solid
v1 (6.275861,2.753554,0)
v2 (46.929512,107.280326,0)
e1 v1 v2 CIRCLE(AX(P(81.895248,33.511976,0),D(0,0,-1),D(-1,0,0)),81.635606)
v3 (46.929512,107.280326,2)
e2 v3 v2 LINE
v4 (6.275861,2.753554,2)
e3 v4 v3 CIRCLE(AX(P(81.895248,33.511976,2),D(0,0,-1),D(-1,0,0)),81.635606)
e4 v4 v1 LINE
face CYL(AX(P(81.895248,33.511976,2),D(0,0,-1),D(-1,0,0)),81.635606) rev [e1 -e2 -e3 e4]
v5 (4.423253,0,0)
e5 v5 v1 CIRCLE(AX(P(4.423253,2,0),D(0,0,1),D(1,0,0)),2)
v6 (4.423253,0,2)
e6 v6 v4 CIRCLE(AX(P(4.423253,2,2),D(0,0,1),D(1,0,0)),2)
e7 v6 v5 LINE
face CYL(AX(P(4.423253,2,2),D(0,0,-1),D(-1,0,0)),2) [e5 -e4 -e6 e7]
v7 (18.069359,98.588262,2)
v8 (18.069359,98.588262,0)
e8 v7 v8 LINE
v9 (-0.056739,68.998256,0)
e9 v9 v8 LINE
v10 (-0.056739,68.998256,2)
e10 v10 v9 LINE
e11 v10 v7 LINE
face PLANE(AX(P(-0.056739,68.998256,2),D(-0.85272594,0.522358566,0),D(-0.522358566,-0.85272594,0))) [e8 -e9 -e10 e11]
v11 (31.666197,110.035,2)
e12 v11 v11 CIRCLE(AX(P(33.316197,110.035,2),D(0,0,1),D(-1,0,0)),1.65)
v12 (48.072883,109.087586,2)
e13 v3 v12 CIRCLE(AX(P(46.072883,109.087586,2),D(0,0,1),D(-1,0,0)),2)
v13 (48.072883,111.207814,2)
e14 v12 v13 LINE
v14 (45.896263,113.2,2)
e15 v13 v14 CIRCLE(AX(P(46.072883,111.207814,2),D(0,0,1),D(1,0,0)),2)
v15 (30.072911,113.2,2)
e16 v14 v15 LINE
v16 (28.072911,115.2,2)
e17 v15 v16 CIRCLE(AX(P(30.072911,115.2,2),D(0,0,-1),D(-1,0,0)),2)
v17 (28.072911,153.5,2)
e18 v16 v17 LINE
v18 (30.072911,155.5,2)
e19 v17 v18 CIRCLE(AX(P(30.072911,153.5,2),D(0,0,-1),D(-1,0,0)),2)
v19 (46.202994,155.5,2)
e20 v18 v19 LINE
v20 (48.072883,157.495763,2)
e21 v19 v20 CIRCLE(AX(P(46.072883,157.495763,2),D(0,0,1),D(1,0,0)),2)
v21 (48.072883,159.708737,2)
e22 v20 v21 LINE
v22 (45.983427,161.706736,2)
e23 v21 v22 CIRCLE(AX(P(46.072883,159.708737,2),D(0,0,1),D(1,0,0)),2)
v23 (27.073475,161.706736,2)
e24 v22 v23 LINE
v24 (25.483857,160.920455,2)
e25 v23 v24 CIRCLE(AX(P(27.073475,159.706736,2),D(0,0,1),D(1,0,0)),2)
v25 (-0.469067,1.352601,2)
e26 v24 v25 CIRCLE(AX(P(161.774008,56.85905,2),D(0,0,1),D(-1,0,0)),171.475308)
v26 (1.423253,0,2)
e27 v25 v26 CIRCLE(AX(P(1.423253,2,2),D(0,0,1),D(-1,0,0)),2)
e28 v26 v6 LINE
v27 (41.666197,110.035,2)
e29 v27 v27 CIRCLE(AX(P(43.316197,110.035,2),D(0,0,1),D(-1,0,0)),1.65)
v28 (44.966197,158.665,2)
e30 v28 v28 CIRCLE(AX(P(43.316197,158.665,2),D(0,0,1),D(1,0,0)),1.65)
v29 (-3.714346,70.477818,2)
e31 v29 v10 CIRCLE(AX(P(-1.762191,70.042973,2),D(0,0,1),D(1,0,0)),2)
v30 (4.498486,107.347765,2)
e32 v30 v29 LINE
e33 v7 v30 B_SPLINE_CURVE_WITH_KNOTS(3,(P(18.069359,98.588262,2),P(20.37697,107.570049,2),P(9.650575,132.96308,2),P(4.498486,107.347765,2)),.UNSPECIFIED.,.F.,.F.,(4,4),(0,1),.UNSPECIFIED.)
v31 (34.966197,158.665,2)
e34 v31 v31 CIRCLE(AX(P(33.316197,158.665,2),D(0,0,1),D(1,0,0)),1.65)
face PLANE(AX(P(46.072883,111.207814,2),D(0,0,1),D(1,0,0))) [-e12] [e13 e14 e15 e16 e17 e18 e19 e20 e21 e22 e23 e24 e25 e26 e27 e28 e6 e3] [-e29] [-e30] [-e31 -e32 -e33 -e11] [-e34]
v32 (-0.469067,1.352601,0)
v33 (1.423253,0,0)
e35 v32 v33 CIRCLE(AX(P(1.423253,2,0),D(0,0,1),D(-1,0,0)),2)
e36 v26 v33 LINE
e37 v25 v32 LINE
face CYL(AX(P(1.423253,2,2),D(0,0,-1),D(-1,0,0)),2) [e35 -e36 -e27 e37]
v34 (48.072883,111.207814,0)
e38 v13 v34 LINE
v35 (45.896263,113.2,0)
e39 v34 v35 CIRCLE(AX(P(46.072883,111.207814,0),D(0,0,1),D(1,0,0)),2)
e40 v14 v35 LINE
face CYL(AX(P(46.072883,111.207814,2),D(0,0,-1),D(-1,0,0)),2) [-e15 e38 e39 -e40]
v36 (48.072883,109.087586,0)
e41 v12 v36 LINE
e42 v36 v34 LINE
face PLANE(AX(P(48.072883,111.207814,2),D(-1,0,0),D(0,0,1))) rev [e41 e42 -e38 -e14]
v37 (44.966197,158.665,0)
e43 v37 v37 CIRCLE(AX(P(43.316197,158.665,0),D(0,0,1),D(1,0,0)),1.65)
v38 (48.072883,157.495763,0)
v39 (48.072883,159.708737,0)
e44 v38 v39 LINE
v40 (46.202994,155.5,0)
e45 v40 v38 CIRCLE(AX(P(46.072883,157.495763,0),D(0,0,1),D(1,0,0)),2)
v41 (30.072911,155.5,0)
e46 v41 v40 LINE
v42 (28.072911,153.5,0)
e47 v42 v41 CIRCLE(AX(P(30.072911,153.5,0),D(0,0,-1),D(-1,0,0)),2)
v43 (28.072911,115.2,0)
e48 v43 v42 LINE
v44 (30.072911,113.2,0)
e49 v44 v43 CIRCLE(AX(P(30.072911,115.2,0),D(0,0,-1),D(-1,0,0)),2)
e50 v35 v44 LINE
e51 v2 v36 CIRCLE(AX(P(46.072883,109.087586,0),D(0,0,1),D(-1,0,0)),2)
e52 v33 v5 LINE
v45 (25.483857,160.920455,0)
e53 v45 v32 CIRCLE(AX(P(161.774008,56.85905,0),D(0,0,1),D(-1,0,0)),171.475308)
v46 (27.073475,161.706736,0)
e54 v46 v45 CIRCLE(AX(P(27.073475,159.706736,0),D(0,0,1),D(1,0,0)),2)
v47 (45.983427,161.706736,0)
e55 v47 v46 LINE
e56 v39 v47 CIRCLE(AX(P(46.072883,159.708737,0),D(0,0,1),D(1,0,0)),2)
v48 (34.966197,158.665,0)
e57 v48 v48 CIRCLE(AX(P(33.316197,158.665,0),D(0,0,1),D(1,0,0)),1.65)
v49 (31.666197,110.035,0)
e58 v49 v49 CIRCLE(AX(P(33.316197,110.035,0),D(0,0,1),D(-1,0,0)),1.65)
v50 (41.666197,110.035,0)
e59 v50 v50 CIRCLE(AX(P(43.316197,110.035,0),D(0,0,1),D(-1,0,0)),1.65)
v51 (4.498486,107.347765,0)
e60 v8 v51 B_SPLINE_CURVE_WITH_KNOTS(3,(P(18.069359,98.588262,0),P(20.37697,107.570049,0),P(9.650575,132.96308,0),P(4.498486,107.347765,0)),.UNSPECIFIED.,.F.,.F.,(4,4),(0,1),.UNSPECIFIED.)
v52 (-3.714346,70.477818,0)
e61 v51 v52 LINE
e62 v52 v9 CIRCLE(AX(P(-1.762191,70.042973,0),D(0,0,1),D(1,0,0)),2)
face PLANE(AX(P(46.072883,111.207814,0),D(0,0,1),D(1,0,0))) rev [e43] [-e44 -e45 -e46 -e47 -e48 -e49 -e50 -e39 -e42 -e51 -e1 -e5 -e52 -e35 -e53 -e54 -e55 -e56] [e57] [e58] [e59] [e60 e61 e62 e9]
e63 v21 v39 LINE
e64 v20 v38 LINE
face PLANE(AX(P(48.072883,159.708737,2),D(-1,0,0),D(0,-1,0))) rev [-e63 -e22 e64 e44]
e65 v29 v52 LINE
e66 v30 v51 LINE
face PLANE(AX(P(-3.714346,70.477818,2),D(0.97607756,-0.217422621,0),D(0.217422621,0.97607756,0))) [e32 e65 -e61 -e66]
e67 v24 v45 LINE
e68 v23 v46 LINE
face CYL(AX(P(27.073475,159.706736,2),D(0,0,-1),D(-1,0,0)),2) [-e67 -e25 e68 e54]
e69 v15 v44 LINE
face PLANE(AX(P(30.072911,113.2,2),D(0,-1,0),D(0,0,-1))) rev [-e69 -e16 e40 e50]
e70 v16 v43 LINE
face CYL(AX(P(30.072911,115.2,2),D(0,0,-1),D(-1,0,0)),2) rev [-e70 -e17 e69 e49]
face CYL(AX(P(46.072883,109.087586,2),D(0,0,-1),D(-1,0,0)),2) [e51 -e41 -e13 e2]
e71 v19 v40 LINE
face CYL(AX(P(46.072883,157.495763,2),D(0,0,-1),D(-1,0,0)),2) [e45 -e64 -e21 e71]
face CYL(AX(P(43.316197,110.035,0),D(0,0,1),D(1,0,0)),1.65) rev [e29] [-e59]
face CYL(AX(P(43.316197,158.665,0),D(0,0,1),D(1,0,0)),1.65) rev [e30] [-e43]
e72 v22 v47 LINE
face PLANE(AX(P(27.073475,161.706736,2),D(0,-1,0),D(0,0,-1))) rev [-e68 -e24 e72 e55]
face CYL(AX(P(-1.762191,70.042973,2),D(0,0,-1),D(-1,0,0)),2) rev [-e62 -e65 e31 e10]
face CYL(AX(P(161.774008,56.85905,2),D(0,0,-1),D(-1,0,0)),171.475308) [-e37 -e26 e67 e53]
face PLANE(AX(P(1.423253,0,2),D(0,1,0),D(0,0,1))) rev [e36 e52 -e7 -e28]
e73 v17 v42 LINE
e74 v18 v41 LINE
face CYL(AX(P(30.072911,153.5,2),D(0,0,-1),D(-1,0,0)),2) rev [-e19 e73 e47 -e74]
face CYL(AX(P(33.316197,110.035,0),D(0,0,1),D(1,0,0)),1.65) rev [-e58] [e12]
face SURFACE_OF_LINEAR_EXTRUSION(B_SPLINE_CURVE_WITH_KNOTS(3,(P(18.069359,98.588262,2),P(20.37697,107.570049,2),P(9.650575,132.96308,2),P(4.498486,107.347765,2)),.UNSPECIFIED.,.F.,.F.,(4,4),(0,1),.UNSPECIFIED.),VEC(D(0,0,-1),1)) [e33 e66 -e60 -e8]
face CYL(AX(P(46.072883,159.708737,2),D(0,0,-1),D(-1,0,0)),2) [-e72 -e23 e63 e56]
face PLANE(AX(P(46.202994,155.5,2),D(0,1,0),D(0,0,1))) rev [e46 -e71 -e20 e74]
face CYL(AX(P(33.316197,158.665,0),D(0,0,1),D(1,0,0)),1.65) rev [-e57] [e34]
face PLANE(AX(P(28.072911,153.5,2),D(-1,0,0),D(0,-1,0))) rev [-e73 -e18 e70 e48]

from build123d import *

# Parameters (mm, degrees)
EXTRUDE_1_DEPTH     = 2
SKETCH_2_R          = 1.65
CUT_EXTRUDE_1_DEPTH = 3.0000001


with BuildPart() as part:
    # 草图1 → 凸台-拉伸1 (new body)
    with BuildSketch(Plane.XY):
        with BuildLine():
            Line((1.423252987, 0), (4.423252987, 0))
            ThreePointArc((4.423252987, 0), (6.082636631, 0.883556575), (6.275860947, 2.753554078))
            ThreePointArc((6.275860947, 2.753554078), (5.811551363, 63.103247136), (46.929512186, 107.280326411))
            ThreePointArc((46.929512186, 107.280326411), (47.763039313, 108.018300592), (48.072882653, 109.087585618))
            Line((48.072882653, 109.087585618), (48.072882653, 111.207813928))
            ThreePointArc((48.072882653, 111.207813928), (47.423208509, 112.683151206), (45.89626257, 113.2))
            Line((45.89626257, 113.2), (30.072910523, 113.2))
            ThreePointArc((30.072910523, 113.2), (28.658696961, 113.785786438), (28.072910523, 115.2))
            Line((28.072910523, 115.2), (28.072910523, 153.5))
            ThreePointArc((28.072910523, 153.5), (28.658696961, 154.914213563), (30.072910523, 155.5))
            Line((30.072910523, 155.5), (46.202994429, 155.5))
            ThreePointArc((46.202994429, 155.5), (47.532372899, 156.128324681), (48.072882653, 157.495763244))
            Line((48.072882653, 157.495763244), (48.072882653, 159.708737404))
            ThreePointArc((48.072882653, 159.708737404), (47.455107078, 161.15423235), (45.983427014, 161.706735824))
            Line((45.983427014, 161.706735824), (27.073474975, 161.706735824))
            ThreePointArc((27.073474975, 161.706735824), (26.186750001, 161.499420632), (25.483856586, 160.920454645))
            ThreePointArc((25.483856586, 160.920454645), (-7.477274918, 84.38693582), (-0.469066984, 1.352601263))
            ThreePointArc((-0.469066984, 1.352601263), (0.260239117, 0.372917108), (1.423252987, 0))
        make_face()
        with BuildLine():
            Line((-3.714345647, 70.477818401), (4.498485812, 107.347765252))
            add(Edge.make_bspline(
                [(4.498485812, 107.347765252), (9.65057542, 132.963079711), (20.376969719, 107.570049249), (18.069358559, 98.588262366)],
                knots=[0, 0, 0, 0, 1, 1, 1, 1], degree=3))
            Line((18.069358559, 98.588262366), (-0.056738646, 68.998256027))
            ThreePointArc((-0.056738646, 68.998256027), (-2.512185077, 68.188921333), (-3.714345647, 70.477818401))
        make_face(mode=Mode.SUBTRACT)
    extrude(amount=EXTRUDE_1_DEPTH)

    # 草图2 → 切除-拉伸1 (cut, through all)
    with BuildSketch(Plane.XY.offset(2)):
        with Locations((43.316196674, 158.665)):
            Circle(SKETCH_2_R)
        with Locations((33.316196674, 158.665)):
            Circle(SKETCH_2_R)
        with Locations((43.316196674, 110.035)):
            Circle(SKETCH_2_R)
        with Locations((33.316196674, 110.035)):
            Circle(SKETCH_2_R)
    extrude(amount=-CUT_EXTRUDE_1_DEPTH, mode=Mode.SUBTRACT)


solid = part.part
